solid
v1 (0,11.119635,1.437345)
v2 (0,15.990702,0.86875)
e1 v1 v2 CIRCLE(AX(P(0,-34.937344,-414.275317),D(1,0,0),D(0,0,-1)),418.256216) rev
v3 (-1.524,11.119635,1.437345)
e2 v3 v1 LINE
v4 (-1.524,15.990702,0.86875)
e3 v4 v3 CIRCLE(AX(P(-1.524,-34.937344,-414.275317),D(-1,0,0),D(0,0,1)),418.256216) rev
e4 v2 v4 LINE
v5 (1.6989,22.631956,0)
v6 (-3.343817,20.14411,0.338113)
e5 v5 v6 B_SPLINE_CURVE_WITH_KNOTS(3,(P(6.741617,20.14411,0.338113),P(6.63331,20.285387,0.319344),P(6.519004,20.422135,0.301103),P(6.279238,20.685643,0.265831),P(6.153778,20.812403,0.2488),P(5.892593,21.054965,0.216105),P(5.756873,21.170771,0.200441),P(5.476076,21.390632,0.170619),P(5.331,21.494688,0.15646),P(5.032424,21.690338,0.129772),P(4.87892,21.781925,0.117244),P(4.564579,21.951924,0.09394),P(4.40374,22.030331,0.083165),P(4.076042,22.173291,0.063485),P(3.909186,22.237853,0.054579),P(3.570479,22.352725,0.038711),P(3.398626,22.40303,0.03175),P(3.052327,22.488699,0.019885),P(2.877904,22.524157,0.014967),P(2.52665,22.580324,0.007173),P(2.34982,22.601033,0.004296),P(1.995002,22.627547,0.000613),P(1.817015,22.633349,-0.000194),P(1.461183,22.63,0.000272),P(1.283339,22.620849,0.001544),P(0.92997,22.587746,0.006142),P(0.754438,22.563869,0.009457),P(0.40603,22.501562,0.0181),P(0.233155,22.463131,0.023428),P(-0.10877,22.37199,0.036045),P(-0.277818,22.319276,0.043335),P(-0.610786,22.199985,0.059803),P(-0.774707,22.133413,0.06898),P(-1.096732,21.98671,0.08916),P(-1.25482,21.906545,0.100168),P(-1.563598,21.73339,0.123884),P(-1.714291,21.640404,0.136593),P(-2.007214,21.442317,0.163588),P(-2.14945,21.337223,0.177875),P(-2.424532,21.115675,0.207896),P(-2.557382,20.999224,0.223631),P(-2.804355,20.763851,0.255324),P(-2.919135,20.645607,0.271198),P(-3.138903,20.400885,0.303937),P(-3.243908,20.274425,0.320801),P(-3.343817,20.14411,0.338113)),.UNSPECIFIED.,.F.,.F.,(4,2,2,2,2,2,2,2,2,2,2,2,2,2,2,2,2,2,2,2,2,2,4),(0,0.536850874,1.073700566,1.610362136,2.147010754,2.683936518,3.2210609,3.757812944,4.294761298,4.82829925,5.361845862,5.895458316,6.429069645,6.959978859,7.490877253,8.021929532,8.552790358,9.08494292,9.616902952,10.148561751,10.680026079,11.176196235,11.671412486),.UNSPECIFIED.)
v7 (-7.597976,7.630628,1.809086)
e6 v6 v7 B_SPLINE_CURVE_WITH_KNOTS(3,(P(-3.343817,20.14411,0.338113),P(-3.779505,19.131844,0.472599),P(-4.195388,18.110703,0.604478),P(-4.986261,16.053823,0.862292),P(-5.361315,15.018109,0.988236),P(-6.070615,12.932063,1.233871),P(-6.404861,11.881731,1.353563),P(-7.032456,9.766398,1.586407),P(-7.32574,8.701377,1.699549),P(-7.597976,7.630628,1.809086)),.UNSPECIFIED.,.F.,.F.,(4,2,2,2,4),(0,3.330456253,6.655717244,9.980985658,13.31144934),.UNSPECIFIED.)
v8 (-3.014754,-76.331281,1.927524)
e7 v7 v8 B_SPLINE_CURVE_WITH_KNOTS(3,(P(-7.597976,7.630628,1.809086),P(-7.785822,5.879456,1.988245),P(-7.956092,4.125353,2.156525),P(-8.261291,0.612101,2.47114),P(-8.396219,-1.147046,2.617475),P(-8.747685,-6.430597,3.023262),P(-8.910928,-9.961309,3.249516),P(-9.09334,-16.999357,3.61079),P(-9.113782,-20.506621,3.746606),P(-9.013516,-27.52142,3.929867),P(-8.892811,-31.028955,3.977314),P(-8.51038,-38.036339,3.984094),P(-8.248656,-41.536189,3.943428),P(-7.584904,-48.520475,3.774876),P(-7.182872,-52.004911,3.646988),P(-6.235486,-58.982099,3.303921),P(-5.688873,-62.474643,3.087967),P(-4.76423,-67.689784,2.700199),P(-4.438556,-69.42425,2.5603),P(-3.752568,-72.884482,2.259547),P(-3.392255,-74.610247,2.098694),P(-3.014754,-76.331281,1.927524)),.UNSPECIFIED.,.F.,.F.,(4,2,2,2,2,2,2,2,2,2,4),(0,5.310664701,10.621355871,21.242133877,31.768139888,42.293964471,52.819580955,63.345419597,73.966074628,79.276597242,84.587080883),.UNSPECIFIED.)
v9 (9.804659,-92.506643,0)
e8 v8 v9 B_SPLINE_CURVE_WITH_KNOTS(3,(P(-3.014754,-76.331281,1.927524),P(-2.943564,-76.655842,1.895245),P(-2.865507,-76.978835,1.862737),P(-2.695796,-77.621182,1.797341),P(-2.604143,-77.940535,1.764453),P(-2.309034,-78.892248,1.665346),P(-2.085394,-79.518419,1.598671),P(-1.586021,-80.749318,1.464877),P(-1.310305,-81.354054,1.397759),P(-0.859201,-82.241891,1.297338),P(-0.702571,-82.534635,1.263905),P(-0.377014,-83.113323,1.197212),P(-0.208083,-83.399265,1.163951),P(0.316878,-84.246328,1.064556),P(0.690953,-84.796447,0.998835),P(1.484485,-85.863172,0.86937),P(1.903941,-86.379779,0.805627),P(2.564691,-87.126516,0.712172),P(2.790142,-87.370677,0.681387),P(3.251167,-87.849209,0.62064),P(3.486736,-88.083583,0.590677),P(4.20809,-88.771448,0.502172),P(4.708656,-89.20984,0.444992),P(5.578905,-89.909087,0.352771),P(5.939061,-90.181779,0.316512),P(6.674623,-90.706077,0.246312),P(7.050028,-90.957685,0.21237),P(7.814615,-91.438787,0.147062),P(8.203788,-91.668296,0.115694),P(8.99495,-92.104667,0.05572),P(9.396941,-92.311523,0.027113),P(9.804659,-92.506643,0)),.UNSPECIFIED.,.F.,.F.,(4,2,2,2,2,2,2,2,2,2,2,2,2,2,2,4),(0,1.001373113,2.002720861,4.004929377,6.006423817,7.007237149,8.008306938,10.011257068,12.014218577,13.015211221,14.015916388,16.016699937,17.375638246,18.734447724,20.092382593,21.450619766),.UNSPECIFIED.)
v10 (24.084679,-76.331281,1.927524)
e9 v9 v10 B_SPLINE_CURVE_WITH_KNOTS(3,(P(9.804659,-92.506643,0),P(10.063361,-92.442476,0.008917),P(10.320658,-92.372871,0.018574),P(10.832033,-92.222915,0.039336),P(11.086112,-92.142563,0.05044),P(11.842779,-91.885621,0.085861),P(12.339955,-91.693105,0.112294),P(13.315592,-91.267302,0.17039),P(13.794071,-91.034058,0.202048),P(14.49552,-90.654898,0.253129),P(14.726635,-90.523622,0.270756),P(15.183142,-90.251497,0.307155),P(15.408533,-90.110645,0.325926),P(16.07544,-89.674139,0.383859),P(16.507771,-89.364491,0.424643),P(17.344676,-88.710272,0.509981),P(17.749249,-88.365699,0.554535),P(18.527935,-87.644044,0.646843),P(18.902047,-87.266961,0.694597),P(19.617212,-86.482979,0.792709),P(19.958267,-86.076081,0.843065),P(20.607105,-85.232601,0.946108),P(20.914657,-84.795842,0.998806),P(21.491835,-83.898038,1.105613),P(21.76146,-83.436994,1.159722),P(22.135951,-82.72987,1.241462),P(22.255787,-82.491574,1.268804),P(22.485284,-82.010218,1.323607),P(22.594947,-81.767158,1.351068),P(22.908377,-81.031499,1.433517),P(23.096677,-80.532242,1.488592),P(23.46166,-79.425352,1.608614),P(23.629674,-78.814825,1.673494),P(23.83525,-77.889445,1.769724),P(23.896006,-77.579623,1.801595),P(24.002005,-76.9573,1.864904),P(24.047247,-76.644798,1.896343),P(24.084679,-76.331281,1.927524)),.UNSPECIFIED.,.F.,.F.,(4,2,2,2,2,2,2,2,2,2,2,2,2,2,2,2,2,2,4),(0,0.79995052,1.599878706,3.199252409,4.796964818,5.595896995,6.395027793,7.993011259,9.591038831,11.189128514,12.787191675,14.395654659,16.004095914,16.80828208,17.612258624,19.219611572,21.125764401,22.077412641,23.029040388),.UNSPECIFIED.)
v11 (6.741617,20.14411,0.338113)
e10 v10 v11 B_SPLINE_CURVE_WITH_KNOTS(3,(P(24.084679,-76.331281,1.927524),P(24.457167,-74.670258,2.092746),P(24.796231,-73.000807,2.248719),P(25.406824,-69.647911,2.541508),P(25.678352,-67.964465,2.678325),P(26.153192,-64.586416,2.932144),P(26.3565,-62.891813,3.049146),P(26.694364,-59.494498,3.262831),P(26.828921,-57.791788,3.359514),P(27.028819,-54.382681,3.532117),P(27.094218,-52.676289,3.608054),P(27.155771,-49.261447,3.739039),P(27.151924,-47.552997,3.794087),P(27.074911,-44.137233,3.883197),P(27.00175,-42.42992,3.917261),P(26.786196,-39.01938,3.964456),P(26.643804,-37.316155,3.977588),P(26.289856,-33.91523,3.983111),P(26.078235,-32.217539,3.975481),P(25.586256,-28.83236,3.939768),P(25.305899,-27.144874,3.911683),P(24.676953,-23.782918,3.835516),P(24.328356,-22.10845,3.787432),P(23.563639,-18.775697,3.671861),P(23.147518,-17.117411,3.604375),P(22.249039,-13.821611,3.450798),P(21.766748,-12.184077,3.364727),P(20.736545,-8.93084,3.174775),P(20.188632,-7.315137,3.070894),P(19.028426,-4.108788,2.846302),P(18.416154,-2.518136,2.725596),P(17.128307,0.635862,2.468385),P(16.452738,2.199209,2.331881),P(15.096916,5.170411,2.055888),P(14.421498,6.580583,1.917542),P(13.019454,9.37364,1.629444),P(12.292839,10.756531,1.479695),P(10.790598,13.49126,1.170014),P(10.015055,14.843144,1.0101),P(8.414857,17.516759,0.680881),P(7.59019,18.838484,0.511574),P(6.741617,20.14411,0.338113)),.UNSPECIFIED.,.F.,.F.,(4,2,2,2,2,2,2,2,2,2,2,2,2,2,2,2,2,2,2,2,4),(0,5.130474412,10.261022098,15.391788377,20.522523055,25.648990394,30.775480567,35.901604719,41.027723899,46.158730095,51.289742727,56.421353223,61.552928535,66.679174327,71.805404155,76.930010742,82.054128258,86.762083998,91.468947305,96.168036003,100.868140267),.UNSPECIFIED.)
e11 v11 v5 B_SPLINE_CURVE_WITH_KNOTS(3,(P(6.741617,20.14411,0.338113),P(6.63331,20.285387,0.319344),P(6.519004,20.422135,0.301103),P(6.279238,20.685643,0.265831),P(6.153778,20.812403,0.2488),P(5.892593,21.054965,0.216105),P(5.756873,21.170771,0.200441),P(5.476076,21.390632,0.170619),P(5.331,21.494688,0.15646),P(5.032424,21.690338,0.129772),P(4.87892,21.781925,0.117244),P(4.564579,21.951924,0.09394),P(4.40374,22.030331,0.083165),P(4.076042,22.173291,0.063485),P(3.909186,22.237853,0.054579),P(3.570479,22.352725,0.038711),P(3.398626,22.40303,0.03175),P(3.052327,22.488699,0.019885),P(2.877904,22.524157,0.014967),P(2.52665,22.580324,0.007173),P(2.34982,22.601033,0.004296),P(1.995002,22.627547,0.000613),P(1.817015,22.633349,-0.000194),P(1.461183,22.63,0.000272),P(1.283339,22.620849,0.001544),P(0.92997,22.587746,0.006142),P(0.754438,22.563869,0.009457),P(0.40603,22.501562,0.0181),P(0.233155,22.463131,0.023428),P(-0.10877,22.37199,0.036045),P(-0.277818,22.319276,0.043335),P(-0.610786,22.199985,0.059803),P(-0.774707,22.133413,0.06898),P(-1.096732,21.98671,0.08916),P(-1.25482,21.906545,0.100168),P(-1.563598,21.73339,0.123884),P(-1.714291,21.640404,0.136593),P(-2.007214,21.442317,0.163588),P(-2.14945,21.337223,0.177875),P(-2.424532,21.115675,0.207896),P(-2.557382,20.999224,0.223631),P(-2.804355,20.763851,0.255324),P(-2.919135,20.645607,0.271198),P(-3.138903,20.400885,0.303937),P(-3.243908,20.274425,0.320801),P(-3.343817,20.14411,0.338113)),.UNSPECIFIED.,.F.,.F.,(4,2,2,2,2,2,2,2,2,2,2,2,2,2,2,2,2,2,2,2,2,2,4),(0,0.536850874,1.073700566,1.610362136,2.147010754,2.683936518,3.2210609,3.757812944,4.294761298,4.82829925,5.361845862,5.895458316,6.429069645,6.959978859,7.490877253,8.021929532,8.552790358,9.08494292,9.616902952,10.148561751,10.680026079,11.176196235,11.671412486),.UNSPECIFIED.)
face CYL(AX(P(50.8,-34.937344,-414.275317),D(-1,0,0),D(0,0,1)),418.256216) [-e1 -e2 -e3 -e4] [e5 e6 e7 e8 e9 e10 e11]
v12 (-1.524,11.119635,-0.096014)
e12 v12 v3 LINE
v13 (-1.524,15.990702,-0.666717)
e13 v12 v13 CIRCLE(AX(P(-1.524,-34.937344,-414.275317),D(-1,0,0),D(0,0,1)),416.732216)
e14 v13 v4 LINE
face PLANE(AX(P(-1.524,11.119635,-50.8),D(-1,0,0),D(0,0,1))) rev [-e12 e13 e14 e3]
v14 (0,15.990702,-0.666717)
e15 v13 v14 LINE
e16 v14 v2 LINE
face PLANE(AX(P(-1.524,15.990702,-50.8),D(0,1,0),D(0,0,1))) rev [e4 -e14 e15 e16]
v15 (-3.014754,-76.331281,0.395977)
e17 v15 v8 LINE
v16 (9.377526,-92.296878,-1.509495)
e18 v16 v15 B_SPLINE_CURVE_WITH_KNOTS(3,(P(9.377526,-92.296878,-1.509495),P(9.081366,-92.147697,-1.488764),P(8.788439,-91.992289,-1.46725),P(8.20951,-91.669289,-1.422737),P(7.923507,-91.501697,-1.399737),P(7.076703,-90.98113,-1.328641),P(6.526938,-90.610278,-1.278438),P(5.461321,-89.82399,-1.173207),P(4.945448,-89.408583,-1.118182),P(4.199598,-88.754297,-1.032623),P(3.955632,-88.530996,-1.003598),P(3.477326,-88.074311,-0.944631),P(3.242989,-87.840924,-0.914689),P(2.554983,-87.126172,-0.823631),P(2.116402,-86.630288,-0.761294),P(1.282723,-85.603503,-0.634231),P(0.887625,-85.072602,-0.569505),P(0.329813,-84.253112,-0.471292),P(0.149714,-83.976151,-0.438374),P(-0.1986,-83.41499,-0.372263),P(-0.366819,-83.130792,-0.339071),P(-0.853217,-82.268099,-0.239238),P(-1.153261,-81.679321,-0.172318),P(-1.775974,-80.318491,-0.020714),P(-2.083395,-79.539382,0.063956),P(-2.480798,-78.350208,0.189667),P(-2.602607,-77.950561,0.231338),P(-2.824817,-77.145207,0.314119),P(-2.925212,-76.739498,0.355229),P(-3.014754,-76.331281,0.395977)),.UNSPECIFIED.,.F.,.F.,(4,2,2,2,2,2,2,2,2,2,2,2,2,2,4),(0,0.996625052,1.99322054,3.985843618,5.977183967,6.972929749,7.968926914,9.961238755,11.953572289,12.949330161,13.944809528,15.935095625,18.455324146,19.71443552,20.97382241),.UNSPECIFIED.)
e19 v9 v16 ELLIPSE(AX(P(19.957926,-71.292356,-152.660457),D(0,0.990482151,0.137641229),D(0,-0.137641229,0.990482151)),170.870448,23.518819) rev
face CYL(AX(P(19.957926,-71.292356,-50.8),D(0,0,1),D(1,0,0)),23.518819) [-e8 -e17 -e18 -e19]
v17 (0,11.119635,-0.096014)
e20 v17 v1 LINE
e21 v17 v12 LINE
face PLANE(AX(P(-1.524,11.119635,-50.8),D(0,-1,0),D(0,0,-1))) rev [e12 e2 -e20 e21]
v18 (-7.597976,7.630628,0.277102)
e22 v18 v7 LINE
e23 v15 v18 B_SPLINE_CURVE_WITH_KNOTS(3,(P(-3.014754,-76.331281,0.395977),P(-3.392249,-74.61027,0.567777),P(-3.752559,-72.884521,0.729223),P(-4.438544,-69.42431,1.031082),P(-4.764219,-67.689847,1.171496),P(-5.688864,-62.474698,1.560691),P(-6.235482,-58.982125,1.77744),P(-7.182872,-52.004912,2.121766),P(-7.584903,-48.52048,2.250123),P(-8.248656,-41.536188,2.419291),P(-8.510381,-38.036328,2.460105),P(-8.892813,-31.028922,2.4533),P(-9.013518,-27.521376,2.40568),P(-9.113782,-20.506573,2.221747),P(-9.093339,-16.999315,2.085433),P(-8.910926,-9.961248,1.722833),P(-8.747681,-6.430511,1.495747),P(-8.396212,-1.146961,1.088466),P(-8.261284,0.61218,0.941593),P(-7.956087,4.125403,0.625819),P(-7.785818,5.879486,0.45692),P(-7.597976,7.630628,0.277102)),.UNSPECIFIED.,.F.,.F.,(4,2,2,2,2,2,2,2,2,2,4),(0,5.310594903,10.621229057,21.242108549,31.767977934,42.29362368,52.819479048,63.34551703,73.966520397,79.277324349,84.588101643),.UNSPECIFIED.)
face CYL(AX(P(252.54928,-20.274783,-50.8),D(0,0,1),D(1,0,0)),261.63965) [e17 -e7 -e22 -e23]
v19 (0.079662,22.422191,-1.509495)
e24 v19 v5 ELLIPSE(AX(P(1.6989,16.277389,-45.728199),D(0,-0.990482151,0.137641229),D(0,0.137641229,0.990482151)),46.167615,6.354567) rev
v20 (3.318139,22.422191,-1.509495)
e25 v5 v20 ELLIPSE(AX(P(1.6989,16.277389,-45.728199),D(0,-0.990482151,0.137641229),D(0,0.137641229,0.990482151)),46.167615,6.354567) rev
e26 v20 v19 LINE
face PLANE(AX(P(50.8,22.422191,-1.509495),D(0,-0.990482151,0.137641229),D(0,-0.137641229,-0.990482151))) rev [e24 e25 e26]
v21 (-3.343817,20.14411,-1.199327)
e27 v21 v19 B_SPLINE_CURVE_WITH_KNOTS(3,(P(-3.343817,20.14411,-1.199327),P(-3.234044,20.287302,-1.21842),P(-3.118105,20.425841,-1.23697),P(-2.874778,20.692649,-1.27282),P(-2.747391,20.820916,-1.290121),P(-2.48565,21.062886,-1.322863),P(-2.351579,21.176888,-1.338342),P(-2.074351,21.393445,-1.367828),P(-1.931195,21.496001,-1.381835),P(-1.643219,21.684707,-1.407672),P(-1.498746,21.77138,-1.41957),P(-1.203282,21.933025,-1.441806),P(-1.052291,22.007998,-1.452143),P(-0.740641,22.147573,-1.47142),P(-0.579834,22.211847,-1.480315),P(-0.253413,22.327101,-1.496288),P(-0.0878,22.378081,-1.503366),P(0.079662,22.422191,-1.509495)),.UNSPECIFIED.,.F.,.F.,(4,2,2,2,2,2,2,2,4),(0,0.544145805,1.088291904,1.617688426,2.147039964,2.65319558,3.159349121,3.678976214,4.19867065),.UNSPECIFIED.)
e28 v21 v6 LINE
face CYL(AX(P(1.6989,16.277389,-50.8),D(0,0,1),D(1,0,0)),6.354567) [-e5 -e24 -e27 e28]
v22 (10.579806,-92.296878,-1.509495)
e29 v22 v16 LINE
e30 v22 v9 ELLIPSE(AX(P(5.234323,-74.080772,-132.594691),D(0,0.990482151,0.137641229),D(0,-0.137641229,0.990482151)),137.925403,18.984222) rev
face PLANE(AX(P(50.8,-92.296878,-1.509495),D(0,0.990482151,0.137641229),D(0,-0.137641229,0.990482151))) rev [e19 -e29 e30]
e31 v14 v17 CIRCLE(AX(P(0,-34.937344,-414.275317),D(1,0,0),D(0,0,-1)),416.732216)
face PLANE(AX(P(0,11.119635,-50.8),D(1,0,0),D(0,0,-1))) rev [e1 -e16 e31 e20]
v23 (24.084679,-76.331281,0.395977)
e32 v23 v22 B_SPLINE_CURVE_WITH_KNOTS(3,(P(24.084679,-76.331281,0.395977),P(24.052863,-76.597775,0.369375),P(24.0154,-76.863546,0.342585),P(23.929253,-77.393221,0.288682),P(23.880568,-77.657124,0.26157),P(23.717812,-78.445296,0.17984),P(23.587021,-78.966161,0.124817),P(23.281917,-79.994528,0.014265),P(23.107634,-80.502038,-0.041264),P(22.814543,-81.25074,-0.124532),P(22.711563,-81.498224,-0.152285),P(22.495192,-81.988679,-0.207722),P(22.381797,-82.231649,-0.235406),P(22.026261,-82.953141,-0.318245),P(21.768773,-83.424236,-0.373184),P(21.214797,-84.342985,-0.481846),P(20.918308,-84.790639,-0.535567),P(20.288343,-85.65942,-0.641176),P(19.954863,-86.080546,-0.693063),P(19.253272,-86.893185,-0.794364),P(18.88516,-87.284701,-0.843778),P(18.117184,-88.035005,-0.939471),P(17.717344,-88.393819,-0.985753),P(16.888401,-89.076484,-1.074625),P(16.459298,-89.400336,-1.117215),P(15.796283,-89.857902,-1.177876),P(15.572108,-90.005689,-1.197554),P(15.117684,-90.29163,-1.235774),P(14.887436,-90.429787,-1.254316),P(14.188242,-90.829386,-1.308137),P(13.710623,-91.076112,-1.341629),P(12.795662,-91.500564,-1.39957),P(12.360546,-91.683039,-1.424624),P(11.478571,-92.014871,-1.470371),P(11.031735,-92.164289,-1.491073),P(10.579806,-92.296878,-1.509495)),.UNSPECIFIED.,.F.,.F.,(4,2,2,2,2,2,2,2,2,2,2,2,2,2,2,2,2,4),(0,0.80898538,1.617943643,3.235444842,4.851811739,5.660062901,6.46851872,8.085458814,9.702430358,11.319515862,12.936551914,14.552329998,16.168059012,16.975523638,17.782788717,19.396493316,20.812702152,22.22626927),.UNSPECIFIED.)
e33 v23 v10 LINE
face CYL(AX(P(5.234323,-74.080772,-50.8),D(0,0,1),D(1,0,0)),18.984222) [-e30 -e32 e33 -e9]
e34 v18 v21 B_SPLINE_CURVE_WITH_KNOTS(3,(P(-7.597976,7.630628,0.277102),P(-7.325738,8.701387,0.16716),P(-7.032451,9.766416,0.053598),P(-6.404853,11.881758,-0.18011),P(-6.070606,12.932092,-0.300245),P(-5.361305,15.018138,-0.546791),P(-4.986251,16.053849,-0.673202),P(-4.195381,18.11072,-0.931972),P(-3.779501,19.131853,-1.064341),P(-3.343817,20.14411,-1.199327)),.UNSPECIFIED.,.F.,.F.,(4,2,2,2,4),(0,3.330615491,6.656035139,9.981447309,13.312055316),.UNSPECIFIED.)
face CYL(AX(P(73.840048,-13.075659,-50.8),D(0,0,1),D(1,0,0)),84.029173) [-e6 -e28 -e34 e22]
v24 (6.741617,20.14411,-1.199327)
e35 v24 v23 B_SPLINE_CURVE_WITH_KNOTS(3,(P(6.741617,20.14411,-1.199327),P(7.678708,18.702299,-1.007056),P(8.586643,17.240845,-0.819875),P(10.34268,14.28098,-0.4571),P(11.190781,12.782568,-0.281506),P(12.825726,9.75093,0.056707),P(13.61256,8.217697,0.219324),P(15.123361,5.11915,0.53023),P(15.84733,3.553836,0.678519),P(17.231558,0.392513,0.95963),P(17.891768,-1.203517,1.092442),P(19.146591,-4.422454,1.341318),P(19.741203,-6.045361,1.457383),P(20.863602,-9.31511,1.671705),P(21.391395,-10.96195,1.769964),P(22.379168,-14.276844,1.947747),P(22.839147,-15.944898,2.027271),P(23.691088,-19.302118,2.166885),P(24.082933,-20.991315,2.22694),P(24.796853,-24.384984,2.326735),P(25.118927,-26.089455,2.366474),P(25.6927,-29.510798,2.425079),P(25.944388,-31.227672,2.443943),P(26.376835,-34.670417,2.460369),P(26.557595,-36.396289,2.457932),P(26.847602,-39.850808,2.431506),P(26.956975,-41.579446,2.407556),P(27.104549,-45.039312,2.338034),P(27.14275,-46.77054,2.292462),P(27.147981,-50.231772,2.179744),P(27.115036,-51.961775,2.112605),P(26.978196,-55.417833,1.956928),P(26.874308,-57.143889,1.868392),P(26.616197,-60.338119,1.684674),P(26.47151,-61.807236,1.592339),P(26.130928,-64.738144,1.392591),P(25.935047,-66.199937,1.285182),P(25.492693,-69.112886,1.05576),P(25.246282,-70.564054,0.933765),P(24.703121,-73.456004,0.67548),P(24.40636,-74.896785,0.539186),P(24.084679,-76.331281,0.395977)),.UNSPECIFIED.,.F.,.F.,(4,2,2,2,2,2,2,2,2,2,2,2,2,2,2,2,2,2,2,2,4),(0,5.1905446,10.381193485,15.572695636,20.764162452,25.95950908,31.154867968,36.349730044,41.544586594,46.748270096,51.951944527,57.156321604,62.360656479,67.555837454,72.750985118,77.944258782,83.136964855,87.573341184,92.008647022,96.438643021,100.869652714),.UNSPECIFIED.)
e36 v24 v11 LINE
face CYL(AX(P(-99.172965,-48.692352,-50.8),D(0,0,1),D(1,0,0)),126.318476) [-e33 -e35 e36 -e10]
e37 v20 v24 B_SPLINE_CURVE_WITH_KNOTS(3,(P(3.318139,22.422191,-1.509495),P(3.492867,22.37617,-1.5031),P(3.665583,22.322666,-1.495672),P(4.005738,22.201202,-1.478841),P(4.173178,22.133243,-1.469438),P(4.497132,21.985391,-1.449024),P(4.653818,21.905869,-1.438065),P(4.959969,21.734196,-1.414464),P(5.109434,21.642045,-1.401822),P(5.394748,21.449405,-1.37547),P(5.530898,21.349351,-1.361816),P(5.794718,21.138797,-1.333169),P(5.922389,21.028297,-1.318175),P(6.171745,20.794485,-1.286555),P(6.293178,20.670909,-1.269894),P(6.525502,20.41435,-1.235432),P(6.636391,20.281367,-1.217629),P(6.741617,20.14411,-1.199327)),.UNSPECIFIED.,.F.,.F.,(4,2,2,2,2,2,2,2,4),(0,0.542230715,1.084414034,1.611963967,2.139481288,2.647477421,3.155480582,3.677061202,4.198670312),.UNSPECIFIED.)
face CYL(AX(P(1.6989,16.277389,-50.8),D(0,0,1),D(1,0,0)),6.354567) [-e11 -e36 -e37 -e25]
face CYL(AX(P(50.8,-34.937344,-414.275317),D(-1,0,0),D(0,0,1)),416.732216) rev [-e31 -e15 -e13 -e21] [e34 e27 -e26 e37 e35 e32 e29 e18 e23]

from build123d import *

# Parameters (mm, degrees)
BOSS_EXTRUDE1_DEPTH      = 50.8
BOSS_EXTRUDE1_DEPTH_BACK = 50.8
SKETCH1_W                = 1.524
SKETCH1_H                = 4.871067054
CUT_EXTRUDE1_DEPTH       = 50.8
CUT_EXTRUDE1_DEPTH_BACK  = 50.8
SKETCH2_OUTSIDE_W        = 135.154
SKETCH2_OUTSIDE_H        = 148.693


with BuildPart() as part:
    # Sketch1 → Boss-Extrude1 (new, two sides: drawn at the far end of the back side and taken through both)
    with BuildSketch(Plane.XY.offset(-BOSS_EXTRUDE1_DEPTH_BACK)):
        with BuildLine():
            ThreePointArc((6.741617203, 20.144109787), (1.698900198, 22.631956132), (-3.343816807, 20.144109787))
            ThreePointArc((-3.343816807, 20.144109787), (-5.71730664, 13.971140244), (-7.597975628, 7.630628347))
            ThreePointArc((-7.597975628, 7.630628347), (-8.701431417, -34.535652594), (-3.014754354, -76.331281159))
            ThreePointArc((-3.014754354, -76.331281159), (1.525815948, -85.900303593), (9.804659046, -92.506643425))
            ThreePointArc((9.804659046, -92.506643425), (19.466075818, -86.644924226), (24.084678714, -76.331281159))
            ThreePointArc((24.084678714, -76.331281159), (25.152625845, -26.342752003), (6.741617203, 20.144109787))
        make_face()
        with Locations((-0.762, 13.555168851)):
            Rectangle(SKETCH1_W, SKETCH1_H, mode=Mode.SUBTRACT)
    extrude(amount=BOSS_EXTRUDE1_DEPTH + BOSS_EXTRUDE1_DEPTH_BACK)

    # Sketch2 outside → Cut-Extrude1 (cut, two sides: drawn at the far end of the back side and taken through both)
    with BuildSketch(Plane(origin=(0, 0, 0), x_dir=(0, 0, -1), z_dir=(1, 0, 0)).offset(-CUT_EXTRUDE1_DEPTH_BACK)):
        with Locations((0, -34.9375)):
            Rectangle(SKETCH2_OUTSIDE_W, SKETCH2_OUTSIDE_H)
        with BuildLine():
            Line((1.509494799, 22.422190899), (0, 22.631956132))
            ThreePointArc((0, 22.631956132), (-3.980899399, -34.937343647), (0, -92.506643425))
            Line((0, -92.506643425), (1.509494799, -92.296878192))
            ThreePointArc((1.509494799, -92.296878192), (-2.456899399, -34.937343647), (1.509494799, 22.422190899))
        make_face(mode=Mode.SUBTRACT)
    extrude(amount=CUT_EXTRUDE1_DEPTH + CUT_EXTRUDE1_DEPTH_BACK, mode=Mode.SUBTRACT)


solid = part.part
